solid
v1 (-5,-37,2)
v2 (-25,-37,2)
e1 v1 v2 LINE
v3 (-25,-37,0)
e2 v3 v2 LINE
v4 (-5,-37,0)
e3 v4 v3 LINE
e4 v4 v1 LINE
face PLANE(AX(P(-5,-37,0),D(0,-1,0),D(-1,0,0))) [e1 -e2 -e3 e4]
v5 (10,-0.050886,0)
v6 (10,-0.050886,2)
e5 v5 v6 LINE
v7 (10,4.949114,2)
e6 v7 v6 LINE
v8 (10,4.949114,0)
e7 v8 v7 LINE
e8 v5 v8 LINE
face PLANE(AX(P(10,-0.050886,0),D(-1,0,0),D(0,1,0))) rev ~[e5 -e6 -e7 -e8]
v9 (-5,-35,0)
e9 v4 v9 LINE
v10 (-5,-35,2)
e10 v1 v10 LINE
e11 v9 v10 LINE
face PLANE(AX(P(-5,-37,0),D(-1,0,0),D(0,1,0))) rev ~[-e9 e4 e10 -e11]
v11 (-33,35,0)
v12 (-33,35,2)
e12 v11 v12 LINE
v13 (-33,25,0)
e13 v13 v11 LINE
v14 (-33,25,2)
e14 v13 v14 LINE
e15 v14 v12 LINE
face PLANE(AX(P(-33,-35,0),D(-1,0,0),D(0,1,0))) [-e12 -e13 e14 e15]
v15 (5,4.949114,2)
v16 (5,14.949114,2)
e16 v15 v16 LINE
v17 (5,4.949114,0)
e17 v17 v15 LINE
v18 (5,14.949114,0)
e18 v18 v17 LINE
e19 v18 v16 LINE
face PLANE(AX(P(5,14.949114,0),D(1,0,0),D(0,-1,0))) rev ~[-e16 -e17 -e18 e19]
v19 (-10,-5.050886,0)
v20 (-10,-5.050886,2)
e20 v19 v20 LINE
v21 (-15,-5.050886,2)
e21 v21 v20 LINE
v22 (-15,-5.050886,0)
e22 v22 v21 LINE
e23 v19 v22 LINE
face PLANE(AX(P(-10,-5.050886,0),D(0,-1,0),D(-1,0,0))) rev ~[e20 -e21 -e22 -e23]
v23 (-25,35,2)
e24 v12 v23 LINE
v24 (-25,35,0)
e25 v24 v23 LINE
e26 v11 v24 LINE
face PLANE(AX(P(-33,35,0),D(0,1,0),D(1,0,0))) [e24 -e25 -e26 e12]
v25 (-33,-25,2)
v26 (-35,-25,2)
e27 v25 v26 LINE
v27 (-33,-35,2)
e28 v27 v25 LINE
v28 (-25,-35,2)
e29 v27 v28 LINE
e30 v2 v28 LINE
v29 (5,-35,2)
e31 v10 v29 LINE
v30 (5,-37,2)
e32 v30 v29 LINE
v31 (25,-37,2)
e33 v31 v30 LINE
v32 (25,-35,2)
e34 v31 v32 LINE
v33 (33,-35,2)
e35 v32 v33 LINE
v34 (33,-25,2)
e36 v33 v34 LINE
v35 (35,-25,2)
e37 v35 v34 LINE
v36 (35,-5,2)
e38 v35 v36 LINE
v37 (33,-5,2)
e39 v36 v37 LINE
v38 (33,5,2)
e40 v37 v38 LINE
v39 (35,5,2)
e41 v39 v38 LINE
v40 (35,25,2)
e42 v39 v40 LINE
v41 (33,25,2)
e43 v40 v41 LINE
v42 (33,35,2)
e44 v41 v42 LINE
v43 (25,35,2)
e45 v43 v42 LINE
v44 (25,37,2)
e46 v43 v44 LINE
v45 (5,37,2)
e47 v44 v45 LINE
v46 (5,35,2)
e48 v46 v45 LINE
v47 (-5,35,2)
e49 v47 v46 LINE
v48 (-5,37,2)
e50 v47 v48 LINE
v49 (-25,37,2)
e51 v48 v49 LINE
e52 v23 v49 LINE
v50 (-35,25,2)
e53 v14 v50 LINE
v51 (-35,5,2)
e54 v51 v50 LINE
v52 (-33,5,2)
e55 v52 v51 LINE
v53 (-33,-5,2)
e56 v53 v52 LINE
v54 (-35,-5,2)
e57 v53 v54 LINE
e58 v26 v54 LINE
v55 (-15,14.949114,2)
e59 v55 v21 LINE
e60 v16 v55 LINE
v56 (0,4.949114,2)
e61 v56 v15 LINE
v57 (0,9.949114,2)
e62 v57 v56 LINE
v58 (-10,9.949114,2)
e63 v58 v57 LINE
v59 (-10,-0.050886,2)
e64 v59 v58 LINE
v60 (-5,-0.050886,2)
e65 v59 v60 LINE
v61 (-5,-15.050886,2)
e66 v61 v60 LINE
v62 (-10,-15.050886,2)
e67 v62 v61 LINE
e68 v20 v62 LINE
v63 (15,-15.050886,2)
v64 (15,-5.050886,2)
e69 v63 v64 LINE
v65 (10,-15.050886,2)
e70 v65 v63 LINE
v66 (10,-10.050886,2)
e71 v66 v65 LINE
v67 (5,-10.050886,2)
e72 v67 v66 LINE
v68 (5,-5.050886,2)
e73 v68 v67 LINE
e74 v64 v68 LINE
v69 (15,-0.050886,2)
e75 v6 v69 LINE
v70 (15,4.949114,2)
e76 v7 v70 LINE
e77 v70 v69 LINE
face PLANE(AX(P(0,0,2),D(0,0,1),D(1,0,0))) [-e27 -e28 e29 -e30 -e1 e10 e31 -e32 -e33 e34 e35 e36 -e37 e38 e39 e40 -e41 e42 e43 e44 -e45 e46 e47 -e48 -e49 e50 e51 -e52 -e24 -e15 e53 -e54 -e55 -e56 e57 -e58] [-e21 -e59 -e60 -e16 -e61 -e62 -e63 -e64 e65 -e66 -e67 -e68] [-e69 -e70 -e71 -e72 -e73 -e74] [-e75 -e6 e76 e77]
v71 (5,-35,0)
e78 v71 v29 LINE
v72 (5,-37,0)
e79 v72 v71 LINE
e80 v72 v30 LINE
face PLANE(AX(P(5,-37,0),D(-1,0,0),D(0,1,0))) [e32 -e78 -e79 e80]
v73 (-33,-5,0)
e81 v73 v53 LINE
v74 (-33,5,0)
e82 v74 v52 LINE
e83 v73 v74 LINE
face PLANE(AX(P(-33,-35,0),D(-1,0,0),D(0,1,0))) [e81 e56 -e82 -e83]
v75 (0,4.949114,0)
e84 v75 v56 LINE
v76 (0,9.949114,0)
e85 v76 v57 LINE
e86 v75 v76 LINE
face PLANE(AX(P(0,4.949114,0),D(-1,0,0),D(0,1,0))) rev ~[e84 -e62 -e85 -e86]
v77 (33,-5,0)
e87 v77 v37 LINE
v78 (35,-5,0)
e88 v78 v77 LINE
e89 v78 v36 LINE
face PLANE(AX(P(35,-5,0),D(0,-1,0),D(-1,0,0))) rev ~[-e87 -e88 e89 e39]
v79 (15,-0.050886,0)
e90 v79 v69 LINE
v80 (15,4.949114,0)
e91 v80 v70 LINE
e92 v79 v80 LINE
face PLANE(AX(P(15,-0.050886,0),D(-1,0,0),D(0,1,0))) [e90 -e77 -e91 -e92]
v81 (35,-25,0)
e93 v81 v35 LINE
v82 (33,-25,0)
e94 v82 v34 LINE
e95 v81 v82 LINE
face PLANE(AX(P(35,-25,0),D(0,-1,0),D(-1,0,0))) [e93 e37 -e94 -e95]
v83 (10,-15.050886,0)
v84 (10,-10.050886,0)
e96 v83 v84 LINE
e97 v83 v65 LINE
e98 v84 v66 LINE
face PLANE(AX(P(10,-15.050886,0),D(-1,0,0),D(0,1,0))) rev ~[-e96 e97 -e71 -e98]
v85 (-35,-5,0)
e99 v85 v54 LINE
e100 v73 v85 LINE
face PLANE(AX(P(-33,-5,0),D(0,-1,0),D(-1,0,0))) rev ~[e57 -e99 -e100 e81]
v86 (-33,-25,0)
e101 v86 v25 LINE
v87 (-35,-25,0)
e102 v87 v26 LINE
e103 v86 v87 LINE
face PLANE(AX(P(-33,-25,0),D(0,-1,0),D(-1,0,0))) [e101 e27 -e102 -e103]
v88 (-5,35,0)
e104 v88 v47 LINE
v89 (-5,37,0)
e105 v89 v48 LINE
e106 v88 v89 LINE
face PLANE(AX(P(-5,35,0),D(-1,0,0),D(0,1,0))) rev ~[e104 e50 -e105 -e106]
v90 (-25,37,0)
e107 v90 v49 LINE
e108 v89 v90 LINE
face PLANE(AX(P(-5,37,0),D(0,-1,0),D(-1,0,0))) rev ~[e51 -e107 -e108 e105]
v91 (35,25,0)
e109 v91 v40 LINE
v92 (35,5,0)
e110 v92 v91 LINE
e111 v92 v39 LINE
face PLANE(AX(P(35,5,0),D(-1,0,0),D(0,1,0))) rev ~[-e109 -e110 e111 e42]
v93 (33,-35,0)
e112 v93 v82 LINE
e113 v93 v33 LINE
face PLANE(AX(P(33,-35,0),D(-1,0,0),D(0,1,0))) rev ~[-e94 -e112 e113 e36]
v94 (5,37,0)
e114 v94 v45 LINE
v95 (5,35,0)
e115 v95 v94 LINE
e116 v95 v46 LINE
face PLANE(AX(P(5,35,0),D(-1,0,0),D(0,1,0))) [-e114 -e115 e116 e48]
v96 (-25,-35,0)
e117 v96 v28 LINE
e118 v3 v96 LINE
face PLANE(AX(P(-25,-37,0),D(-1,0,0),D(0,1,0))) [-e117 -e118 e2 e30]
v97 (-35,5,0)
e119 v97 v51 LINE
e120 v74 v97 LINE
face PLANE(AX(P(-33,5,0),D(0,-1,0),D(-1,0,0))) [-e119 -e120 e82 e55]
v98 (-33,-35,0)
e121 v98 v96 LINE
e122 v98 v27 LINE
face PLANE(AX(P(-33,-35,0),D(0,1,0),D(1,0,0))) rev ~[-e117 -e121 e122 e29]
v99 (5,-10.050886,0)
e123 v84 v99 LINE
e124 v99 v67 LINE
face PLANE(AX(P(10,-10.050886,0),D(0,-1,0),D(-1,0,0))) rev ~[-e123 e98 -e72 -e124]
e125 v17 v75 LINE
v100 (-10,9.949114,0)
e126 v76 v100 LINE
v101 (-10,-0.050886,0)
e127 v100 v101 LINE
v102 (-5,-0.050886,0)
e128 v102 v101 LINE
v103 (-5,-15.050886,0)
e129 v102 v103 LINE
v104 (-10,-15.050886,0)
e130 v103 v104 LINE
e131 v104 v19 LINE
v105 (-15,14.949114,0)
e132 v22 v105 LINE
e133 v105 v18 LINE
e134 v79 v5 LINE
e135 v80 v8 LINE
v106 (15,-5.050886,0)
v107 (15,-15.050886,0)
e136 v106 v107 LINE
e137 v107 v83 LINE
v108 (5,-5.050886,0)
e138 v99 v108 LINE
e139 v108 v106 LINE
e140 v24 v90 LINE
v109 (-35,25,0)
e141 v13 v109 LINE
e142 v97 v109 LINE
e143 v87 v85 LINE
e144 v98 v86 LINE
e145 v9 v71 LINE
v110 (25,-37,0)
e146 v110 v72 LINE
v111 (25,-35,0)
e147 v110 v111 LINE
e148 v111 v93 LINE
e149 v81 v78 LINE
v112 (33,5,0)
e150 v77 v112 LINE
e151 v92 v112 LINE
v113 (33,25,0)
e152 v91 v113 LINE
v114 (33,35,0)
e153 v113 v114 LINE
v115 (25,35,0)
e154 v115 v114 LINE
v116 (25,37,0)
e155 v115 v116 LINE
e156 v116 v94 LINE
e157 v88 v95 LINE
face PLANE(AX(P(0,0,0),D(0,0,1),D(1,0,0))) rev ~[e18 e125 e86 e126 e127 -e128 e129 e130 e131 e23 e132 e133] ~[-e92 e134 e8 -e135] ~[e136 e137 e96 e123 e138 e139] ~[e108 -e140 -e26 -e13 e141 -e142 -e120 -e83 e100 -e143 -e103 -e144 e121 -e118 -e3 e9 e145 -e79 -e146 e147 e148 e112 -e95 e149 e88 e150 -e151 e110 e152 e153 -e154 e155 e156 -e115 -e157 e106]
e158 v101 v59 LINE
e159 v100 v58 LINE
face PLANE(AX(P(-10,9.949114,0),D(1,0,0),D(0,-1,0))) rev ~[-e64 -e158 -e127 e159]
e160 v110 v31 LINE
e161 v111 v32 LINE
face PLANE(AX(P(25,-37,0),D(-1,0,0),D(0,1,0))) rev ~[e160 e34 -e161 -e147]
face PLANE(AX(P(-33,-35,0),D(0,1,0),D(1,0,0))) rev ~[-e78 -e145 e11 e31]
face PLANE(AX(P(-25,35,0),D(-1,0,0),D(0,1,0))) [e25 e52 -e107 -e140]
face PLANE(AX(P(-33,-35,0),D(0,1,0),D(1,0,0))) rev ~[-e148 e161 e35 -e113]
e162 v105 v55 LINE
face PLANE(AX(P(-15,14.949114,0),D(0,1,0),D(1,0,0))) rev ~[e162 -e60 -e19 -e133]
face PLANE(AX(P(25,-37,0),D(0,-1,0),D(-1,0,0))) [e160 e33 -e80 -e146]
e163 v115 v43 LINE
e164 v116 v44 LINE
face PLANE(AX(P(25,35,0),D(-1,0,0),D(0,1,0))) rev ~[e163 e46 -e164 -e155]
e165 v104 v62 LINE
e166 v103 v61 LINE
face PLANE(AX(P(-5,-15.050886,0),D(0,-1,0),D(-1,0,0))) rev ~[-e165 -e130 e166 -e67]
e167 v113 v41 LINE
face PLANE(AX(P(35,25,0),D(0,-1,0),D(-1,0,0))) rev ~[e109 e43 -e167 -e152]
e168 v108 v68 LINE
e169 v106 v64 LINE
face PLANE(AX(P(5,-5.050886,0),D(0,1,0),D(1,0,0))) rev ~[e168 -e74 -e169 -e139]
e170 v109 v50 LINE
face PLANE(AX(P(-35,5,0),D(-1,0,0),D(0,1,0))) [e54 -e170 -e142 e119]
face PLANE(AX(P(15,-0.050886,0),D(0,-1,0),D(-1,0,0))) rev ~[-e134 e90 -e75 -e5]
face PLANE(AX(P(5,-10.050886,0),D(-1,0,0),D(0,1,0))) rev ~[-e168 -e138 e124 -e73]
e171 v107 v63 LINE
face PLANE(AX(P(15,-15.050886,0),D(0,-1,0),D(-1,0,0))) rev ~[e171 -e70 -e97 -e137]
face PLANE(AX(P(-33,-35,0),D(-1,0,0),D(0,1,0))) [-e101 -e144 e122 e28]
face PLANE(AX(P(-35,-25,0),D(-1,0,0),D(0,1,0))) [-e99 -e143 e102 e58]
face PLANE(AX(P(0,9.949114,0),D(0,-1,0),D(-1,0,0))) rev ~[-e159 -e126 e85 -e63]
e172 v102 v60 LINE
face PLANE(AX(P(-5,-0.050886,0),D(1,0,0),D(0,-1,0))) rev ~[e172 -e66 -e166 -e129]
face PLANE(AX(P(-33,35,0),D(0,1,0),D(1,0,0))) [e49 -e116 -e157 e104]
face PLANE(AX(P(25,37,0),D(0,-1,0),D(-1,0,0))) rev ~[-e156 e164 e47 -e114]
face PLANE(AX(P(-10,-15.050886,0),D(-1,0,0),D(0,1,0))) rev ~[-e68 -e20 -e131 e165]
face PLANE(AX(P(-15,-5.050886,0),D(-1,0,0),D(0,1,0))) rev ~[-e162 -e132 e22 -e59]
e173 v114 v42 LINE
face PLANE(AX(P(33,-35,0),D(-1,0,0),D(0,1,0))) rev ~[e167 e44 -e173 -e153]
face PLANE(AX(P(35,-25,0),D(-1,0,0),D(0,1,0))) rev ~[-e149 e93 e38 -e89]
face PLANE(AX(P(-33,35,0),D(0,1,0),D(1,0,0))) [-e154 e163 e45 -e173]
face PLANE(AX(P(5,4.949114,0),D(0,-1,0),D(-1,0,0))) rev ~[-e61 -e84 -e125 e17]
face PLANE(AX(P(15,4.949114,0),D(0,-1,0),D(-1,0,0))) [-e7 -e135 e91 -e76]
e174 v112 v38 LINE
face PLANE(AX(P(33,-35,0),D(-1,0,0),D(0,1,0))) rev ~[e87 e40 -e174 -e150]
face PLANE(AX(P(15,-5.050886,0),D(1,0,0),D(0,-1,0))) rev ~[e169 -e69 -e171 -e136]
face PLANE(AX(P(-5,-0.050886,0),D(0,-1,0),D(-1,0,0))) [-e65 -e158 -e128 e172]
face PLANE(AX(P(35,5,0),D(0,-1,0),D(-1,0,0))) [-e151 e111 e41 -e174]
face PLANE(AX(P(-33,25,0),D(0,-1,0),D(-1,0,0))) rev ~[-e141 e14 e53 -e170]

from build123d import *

# Parameters (mm, degrees)
SKETCH1_W           = 66
SKETCH1_H           = 70
BOSS_EXTRUDE1_DEPTH = 2
SKETCH2_W           = 2
SKETCH2_H           = 20
BOSS_EXTRUDE2_DEPTH = 2
SKETCH3_W           = 20
SKETCH3_H           = 2
BOSS_EXTRUDE3_DEPTH = 2
SKETCH8_W           = 5
SKETCH8_H           = 5
CUT_EXTRUDE4_DEPTH  = 10


with BuildPart() as part:
    # Sketch1 → Boss-Extrude1 (new body)
    with BuildSketch(Plane.XY):
        Rectangle(SKETCH1_W, SKETCH1_H)
    extrude(amount=BOSS_EXTRUDE1_DEPTH)

    # Sketch2 → Boss-Extrude2 (add)
    with BuildSketch(Plane(origin=(0, 0, 0), x_dir=(-1, 0, 0), z_dir=(0, 0, -1))):
        with Locations((34, -15)):
            Rectangle(SKETCH2_W, SKETCH2_H)
        with Locations((34, 15)):
            Rectangle(SKETCH2_W, SKETCH2_H)
        with Locations((-34, -15)):
            Rectangle(SKETCH2_W, SKETCH2_H)
        with Locations((-34, 15)):
            Rectangle(SKETCH2_W, SKETCH2_H)
    extrude(amount=-BOSS_EXTRUDE2_DEPTH)

    # Sketch3 → Boss-Extrude3 (add)
    with BuildSketch(Plane(origin=(0, 0, 0), x_dir=(-1, 0, 0), z_dir=(0, 0, -1))):
        with Locations((-15, 36)):
            Rectangle(SKETCH3_W, SKETCH3_H)
        with Locations((15, 36)):
            Rectangle(SKETCH3_W, SKETCH3_H)
        with Locations((-15, -36)):
            Rectangle(SKETCH3_W, SKETCH3_H)
        with Locations((15, -36)):
            Rectangle(SKETCH3_W, SKETCH3_H)
    extrude(amount=-BOSS_EXTRUDE3_DEPTH)

    # Sketch8 → Cut-Extrude4 (cut)
    with BuildSketch(Plane(origin=(0, 0, 0), x_dir=(-1, 0, 0), z_dir=(0, 0, -1))):
        with Locations((-12.5, -12.550886484)):
            Rectangle(SKETCH8_W, SKETCH8_H)
        with Locations((-12.5, -7.550886484)):
            Rectangle(SKETCH8_W, SKETCH8_H)
        with Locations((-7.5, -7.550886484)):
            Rectangle(SKETCH8_W, SKETCH8_H)
        with Locations((-12.5, 2.449113516)):
            Rectangle(SKETCH8_W, SKETCH8_H)
        with Locations((-2.5, 7.449113516)):
            Rectangle(SKETCH8_W, SKETCH8_H)
        with Locations((-2.5, 12.449113516)):
            Rectangle(SKETCH8_W, SKETCH8_H)
        with Locations((2.5, 12.449113516)):
            Rectangle(SKETCH8_W, SKETCH8_H)
        with Locations((7.5, 12.449113516)):
            Rectangle(SKETCH8_W, SKETCH8_H)
        with Locations((12.5, 12.449113516)):
            Rectangle(SKETCH8_W, SKETCH8_H)
        with Locations((12.5, 7.449113516)):
            Rectangle(SKETCH8_W, SKETCH8_H)
        with Locations((12.5, 2.449113516)):
            Rectangle(SKETCH8_W, SKETCH8_H)
        with Locations((12.5, -2.550886484)):
            Rectangle(SKETCH8_W, SKETCH8_H)
        with Locations((7.5, -2.550886484)):
            Rectangle(SKETCH8_W, SKETCH8_H)
        with Locations((7.5, -7.550886484)):
            Rectangle(SKETCH8_W, SKETCH8_H)
        with Locations((7.5, -12.550886484)):
            Rectangle(SKETCH8_W, SKETCH8_H)
    extrude(amount=-CUT_EXTRUDE4_DEPTH, mode=Mode.SUBTRACT)


solid = part.part
